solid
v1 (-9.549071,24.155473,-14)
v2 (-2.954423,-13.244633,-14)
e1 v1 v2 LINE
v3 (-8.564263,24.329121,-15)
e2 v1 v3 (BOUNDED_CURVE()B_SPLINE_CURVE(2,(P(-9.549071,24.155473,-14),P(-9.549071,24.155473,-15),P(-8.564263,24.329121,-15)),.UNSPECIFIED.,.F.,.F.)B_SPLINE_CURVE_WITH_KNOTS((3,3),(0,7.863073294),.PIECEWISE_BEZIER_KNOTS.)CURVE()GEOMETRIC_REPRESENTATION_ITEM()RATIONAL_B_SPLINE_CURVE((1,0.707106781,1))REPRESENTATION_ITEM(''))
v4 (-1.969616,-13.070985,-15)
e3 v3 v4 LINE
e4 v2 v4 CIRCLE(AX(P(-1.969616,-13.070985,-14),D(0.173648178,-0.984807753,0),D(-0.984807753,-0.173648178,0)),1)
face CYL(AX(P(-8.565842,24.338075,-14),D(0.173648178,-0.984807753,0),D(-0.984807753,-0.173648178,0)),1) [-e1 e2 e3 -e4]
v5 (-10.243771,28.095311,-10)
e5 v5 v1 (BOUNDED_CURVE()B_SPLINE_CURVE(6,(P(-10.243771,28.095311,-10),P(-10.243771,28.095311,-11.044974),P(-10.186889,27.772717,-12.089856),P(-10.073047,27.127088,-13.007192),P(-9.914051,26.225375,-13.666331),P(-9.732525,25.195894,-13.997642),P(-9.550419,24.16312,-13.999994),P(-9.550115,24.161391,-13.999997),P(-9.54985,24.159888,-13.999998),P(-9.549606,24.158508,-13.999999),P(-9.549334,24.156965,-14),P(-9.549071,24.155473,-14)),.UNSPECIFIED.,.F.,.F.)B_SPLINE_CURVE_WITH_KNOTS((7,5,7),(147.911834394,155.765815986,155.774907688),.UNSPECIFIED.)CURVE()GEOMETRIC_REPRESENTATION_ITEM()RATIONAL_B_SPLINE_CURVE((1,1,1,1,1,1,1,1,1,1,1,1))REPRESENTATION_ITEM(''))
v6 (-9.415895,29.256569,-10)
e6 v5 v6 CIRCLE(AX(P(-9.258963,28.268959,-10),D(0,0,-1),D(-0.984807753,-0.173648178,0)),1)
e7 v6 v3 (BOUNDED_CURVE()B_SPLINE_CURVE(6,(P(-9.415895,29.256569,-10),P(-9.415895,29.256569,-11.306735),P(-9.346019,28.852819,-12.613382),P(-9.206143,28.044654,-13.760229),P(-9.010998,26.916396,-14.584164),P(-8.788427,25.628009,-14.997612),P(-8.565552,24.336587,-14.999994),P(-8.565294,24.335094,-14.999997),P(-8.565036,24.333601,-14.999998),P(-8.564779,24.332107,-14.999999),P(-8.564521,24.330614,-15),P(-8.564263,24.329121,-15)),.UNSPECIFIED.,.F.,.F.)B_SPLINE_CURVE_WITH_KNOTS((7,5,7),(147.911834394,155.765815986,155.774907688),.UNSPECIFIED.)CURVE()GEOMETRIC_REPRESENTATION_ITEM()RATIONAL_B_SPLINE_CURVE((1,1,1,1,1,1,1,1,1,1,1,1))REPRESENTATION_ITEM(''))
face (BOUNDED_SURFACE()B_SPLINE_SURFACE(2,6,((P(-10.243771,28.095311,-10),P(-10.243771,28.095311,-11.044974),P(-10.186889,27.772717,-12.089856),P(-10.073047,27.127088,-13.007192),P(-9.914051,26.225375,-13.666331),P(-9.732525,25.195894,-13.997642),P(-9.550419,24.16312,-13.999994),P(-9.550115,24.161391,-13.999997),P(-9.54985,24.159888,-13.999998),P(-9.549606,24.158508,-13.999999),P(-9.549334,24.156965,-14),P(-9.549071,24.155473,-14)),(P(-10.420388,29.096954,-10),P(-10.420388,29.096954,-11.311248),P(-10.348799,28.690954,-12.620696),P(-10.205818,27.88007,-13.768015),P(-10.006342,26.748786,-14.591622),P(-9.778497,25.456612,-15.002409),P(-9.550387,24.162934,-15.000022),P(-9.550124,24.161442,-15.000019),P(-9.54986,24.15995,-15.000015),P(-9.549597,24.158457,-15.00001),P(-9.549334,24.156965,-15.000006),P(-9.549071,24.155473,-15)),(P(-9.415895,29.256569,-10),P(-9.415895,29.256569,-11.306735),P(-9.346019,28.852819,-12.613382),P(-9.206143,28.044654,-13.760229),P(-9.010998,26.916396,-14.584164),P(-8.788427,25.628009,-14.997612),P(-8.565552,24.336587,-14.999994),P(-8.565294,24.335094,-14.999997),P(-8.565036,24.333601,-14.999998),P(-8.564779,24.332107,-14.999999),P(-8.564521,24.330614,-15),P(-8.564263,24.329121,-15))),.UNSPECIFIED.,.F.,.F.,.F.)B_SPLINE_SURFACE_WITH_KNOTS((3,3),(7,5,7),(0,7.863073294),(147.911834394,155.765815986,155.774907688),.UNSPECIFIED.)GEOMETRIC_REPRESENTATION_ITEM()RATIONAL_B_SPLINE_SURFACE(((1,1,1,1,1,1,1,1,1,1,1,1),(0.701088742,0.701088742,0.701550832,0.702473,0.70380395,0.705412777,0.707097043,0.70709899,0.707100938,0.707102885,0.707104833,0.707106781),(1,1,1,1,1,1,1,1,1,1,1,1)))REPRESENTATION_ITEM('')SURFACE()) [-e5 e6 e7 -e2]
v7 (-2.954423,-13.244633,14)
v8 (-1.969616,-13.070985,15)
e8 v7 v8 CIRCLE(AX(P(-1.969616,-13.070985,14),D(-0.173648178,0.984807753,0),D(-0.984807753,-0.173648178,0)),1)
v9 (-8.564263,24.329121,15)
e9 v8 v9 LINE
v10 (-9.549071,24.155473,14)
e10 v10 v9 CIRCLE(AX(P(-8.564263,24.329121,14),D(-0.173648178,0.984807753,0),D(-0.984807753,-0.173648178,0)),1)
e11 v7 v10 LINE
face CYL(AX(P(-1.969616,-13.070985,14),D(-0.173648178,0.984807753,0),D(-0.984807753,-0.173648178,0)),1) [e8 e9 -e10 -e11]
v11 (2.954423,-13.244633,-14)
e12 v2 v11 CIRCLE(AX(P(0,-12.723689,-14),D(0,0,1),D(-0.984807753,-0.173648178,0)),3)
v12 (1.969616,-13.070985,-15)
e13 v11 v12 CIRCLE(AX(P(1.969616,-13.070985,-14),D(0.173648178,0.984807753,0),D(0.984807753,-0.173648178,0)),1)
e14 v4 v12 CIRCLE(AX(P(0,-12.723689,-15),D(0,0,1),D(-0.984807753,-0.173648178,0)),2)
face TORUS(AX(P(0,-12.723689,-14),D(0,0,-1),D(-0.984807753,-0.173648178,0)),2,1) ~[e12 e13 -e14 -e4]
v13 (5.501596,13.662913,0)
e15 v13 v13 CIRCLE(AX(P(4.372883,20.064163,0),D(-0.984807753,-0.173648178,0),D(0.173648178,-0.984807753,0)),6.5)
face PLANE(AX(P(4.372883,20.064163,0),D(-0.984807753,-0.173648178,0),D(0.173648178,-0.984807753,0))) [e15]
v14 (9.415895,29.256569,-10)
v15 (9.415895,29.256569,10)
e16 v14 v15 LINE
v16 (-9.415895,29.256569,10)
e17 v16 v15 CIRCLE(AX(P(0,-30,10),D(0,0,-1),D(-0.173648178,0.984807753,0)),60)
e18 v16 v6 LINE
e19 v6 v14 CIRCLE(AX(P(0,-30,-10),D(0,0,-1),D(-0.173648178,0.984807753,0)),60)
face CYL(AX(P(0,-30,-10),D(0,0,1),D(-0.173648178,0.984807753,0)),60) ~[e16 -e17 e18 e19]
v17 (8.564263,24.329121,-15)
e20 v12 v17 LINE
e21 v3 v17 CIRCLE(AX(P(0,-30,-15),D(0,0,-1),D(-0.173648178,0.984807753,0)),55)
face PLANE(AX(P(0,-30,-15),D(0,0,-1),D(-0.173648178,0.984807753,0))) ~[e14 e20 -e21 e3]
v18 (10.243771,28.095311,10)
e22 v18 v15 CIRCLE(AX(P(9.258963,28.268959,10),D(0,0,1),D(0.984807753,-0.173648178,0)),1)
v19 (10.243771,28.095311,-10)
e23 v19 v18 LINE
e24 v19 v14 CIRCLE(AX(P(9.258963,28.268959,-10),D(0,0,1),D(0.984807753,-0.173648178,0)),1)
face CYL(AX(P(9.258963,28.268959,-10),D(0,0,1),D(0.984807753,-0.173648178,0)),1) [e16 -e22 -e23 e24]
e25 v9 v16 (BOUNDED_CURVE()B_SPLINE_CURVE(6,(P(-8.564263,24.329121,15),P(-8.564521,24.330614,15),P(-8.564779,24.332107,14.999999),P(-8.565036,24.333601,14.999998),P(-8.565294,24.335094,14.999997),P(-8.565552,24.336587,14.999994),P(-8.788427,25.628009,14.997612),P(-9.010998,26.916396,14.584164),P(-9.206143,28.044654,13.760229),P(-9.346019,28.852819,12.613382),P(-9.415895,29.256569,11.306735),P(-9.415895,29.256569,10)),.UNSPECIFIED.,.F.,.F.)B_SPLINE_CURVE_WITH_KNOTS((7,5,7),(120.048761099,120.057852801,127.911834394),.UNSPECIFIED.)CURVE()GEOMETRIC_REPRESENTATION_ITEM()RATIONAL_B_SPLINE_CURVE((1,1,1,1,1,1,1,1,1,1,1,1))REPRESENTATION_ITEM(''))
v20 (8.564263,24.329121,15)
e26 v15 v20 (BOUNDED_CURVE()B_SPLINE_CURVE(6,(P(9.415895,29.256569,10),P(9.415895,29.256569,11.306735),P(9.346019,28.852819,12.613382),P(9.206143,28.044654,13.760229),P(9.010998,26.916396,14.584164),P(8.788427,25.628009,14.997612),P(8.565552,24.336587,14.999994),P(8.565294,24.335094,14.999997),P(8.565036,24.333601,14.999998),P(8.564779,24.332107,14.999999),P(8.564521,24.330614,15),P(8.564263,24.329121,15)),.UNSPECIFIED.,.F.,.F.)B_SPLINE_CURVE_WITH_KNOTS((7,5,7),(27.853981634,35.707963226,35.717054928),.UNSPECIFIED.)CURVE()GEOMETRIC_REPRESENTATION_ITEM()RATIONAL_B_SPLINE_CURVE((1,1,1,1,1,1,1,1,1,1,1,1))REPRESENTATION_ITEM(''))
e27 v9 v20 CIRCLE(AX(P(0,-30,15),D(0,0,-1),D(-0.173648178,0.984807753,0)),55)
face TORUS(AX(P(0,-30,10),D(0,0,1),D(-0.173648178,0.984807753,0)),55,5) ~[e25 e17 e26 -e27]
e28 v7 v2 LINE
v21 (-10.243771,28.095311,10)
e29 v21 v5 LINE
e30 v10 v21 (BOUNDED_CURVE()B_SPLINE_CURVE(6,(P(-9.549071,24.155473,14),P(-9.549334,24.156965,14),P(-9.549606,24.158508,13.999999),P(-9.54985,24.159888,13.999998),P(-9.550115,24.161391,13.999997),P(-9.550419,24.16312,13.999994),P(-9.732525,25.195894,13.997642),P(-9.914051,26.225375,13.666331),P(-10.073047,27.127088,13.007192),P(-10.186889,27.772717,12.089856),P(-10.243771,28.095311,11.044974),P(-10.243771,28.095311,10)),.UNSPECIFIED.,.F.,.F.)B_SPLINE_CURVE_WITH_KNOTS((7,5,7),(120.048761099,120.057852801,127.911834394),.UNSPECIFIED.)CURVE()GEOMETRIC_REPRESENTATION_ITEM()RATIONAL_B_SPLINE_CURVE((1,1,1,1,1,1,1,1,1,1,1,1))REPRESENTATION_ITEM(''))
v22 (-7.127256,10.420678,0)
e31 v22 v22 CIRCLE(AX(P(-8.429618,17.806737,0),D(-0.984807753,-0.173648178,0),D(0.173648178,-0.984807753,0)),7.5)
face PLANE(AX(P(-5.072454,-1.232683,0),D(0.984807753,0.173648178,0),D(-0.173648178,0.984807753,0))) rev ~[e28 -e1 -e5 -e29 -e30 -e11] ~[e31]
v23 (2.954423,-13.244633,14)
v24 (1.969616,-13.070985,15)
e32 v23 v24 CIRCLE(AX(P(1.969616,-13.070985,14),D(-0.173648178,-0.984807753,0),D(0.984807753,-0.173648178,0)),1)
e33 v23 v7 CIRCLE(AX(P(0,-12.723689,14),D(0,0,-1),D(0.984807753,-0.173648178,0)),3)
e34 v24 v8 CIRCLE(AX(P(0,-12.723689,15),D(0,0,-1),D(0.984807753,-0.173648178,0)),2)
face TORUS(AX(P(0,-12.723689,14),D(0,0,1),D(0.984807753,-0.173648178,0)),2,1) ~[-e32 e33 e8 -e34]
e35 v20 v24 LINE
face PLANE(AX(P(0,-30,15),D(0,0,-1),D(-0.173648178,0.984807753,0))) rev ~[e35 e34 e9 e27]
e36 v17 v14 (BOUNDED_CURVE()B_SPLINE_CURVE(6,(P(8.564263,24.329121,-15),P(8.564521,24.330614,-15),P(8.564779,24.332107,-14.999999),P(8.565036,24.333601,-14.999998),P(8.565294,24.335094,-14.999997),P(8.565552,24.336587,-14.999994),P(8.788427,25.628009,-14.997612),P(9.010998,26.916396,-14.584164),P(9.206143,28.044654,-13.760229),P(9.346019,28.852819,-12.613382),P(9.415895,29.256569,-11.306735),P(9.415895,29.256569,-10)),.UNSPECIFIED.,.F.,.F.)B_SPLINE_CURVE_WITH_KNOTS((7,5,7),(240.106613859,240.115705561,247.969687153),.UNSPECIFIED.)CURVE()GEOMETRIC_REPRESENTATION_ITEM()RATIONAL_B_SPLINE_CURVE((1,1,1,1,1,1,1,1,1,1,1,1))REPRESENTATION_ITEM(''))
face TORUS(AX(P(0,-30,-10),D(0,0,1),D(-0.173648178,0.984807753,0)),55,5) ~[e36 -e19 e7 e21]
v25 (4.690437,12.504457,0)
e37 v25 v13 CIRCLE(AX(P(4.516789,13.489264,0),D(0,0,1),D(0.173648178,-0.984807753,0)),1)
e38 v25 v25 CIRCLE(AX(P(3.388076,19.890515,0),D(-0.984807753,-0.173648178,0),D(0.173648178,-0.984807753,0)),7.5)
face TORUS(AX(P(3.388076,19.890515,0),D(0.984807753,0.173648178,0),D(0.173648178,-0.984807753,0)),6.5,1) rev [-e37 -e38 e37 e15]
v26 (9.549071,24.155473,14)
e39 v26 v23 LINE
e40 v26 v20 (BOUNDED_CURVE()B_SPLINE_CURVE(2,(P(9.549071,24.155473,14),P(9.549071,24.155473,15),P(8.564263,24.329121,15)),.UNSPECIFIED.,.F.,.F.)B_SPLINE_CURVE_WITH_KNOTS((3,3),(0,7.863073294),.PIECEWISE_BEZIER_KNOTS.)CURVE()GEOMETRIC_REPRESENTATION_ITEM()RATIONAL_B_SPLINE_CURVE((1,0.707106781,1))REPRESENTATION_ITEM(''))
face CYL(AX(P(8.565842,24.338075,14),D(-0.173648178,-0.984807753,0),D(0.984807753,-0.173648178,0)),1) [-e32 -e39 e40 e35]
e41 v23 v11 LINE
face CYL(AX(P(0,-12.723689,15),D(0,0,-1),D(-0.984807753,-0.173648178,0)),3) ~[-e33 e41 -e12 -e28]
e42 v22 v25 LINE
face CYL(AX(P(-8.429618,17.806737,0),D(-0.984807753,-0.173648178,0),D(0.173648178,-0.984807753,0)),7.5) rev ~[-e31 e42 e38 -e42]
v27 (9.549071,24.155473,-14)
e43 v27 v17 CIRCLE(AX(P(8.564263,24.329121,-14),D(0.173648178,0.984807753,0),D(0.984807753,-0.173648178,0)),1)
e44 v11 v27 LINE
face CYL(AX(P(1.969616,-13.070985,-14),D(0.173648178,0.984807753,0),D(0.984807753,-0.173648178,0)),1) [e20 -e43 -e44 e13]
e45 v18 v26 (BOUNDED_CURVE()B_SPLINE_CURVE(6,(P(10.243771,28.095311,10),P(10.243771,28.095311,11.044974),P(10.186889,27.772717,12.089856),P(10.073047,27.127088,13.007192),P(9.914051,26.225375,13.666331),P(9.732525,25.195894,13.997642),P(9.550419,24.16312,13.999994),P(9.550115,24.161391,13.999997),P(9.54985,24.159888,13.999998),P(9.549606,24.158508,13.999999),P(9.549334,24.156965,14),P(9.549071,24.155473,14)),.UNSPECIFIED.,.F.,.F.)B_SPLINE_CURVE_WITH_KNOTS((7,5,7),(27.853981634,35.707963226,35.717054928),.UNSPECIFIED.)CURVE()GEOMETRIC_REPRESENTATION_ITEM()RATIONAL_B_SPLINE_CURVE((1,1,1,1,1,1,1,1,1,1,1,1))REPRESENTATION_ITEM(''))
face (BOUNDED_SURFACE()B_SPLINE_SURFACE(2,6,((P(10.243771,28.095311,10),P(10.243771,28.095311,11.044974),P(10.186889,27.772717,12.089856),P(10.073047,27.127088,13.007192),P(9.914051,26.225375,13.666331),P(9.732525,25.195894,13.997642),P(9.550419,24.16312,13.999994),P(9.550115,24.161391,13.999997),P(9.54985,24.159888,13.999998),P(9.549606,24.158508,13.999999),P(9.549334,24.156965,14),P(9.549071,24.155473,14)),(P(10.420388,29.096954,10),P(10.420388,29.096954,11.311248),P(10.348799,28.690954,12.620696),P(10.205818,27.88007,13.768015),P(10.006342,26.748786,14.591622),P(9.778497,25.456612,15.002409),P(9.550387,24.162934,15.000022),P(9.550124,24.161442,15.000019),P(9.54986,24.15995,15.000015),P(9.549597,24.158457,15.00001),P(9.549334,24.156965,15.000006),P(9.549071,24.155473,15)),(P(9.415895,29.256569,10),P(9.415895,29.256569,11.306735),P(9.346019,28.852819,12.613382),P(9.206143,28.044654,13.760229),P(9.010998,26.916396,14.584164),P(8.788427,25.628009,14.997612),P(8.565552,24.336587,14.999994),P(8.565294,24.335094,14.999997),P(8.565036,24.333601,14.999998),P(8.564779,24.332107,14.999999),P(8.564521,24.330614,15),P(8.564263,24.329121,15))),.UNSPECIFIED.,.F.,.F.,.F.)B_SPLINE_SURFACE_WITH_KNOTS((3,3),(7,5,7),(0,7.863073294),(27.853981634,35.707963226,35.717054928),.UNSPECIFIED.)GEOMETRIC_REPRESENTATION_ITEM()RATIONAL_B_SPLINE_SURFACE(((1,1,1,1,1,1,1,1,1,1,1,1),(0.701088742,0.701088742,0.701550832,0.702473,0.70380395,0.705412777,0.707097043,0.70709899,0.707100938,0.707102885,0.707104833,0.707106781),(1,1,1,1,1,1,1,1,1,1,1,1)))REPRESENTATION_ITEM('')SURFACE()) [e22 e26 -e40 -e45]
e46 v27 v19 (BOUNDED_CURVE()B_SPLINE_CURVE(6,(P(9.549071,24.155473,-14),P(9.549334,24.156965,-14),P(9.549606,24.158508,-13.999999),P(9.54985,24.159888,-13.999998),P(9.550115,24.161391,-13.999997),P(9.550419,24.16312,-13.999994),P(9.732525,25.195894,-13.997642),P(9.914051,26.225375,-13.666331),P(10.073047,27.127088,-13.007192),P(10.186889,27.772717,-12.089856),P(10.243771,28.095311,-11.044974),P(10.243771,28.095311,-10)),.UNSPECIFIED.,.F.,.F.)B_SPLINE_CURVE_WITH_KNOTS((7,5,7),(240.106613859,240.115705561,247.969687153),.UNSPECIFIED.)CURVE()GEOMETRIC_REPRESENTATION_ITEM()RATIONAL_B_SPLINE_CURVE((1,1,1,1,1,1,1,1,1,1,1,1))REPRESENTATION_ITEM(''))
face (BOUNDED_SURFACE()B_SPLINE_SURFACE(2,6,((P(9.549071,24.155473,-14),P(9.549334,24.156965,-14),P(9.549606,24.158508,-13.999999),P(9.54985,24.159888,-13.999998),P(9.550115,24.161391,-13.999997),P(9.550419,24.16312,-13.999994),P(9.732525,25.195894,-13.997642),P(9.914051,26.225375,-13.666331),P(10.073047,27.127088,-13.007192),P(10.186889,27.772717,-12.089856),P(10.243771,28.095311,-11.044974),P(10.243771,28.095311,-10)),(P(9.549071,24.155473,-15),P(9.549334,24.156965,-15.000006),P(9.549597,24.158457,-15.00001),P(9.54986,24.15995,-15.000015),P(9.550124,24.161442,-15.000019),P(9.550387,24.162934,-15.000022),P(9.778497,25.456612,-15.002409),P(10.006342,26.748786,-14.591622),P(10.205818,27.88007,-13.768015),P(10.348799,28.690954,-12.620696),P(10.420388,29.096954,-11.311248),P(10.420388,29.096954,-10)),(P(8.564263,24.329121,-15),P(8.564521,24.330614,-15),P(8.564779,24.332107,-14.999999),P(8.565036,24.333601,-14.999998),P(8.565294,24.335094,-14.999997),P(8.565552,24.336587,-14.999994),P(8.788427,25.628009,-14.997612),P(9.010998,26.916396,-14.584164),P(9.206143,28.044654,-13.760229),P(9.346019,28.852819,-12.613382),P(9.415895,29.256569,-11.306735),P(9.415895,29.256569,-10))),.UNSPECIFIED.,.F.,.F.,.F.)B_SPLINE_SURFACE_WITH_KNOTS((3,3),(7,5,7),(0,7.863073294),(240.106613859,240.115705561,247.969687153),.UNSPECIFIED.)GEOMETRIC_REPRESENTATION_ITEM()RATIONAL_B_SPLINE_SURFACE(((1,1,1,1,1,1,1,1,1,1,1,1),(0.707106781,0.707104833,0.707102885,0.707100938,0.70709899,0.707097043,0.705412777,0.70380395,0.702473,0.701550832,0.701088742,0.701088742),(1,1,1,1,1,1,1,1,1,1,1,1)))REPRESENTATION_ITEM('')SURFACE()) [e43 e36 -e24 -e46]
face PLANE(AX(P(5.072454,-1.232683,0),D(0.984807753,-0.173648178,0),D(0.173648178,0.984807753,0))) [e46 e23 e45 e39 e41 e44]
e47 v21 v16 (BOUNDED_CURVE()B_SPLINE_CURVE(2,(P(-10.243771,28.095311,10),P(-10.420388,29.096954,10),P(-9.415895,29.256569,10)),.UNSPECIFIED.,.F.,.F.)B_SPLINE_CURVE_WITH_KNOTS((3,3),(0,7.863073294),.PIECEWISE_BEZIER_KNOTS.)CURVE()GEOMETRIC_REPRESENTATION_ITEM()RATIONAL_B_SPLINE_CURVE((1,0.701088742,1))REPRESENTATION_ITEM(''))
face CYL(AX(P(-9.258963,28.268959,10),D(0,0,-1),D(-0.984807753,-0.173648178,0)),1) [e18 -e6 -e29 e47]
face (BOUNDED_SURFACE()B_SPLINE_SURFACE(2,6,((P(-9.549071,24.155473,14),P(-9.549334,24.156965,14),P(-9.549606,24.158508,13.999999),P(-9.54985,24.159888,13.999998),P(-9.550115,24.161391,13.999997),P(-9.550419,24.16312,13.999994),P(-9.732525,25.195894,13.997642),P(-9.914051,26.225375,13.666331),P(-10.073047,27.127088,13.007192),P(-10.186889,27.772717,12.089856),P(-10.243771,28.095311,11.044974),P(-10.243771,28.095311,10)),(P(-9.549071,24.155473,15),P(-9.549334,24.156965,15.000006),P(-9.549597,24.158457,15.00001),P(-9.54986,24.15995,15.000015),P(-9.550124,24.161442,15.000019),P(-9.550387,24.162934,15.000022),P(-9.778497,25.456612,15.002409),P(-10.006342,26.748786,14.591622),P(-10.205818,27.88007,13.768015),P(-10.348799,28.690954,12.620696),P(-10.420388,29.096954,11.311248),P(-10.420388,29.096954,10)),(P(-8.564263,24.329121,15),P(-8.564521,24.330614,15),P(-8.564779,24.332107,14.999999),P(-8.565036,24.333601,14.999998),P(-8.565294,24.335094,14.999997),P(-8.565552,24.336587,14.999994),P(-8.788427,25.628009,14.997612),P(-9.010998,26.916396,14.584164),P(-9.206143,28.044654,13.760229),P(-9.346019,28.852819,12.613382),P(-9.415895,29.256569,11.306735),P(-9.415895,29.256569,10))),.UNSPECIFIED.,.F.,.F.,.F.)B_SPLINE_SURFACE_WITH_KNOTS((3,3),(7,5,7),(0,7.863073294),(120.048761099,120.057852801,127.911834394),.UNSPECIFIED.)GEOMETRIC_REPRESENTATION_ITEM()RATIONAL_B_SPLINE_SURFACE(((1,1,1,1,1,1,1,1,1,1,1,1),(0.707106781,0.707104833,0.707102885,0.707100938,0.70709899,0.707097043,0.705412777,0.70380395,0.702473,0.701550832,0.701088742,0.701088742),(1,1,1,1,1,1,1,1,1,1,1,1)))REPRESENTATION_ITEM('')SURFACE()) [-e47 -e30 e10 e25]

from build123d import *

# Parameters (mm, degrees)
F1_ANGLE_BACK = 10
F1_ANGLE      = 20
F2_R          = 3
F3_R          = 7.5
F4_DEPTH      = 13
F5_R          = 1


with BuildPart() as f1:
    # F0 (on Right) → F1 (revolve)
    with BuildSketch(Plane.YZ, mode=Mode.PRIVATE) as f1_sk:
        with BuildLine():
            ThreePointArc((30, 10), (28.5355339059, 13.5355339059), (25, 15))
            Line((25, 15), (-30, 15))
            Line((-30, 15), (-30, -15))
            Line((-30, -15), (25, -15))
            ThreePointArc((25, -15), (28.5355339059, -13.5355339059), (30, -10))
            Line((30, -10), (30, 10))
        make_face()
    revolve(f1_sk.sketch.rotate(Axis((0, -30, 0), (0, 0, -1)), -F1_ANGLE_BACK), axis=Axis((0, -30, 0), (0, 0, -1)), revolution_arc=F1_ANGLE)

    # F2
    f2_edges = [f1.edges().sort_by_distance(p)[0] for p in [
        (0, -30, 0),
    ]]
    fillet(f2_edges, radius=F2_R)

    # F3 (on face) → F4 (cut)
    with BuildSketch(Plane(origin=(-5.1303021499, -0.9046106882, 0), x_dir=(0.1736481777, -0.984807753, 0), z_dir=(-0.984807753, -0.1736481777, 0))):
        with Locations((-19, 0)):
            Circle(F3_R)
    extrude(amount=-F4_DEPTH, mode=Mode.SUBTRACT)

    # F5
    f5_edges = [f1.edges().sort_by_distance(p)[0] for p in [
        (10.164589, 27.646248, -13.535534),
        (3.070522, 27.450221, 0),
    ]]
    fillet(f5_edges, radius=F5_R)


solid = f1.part
